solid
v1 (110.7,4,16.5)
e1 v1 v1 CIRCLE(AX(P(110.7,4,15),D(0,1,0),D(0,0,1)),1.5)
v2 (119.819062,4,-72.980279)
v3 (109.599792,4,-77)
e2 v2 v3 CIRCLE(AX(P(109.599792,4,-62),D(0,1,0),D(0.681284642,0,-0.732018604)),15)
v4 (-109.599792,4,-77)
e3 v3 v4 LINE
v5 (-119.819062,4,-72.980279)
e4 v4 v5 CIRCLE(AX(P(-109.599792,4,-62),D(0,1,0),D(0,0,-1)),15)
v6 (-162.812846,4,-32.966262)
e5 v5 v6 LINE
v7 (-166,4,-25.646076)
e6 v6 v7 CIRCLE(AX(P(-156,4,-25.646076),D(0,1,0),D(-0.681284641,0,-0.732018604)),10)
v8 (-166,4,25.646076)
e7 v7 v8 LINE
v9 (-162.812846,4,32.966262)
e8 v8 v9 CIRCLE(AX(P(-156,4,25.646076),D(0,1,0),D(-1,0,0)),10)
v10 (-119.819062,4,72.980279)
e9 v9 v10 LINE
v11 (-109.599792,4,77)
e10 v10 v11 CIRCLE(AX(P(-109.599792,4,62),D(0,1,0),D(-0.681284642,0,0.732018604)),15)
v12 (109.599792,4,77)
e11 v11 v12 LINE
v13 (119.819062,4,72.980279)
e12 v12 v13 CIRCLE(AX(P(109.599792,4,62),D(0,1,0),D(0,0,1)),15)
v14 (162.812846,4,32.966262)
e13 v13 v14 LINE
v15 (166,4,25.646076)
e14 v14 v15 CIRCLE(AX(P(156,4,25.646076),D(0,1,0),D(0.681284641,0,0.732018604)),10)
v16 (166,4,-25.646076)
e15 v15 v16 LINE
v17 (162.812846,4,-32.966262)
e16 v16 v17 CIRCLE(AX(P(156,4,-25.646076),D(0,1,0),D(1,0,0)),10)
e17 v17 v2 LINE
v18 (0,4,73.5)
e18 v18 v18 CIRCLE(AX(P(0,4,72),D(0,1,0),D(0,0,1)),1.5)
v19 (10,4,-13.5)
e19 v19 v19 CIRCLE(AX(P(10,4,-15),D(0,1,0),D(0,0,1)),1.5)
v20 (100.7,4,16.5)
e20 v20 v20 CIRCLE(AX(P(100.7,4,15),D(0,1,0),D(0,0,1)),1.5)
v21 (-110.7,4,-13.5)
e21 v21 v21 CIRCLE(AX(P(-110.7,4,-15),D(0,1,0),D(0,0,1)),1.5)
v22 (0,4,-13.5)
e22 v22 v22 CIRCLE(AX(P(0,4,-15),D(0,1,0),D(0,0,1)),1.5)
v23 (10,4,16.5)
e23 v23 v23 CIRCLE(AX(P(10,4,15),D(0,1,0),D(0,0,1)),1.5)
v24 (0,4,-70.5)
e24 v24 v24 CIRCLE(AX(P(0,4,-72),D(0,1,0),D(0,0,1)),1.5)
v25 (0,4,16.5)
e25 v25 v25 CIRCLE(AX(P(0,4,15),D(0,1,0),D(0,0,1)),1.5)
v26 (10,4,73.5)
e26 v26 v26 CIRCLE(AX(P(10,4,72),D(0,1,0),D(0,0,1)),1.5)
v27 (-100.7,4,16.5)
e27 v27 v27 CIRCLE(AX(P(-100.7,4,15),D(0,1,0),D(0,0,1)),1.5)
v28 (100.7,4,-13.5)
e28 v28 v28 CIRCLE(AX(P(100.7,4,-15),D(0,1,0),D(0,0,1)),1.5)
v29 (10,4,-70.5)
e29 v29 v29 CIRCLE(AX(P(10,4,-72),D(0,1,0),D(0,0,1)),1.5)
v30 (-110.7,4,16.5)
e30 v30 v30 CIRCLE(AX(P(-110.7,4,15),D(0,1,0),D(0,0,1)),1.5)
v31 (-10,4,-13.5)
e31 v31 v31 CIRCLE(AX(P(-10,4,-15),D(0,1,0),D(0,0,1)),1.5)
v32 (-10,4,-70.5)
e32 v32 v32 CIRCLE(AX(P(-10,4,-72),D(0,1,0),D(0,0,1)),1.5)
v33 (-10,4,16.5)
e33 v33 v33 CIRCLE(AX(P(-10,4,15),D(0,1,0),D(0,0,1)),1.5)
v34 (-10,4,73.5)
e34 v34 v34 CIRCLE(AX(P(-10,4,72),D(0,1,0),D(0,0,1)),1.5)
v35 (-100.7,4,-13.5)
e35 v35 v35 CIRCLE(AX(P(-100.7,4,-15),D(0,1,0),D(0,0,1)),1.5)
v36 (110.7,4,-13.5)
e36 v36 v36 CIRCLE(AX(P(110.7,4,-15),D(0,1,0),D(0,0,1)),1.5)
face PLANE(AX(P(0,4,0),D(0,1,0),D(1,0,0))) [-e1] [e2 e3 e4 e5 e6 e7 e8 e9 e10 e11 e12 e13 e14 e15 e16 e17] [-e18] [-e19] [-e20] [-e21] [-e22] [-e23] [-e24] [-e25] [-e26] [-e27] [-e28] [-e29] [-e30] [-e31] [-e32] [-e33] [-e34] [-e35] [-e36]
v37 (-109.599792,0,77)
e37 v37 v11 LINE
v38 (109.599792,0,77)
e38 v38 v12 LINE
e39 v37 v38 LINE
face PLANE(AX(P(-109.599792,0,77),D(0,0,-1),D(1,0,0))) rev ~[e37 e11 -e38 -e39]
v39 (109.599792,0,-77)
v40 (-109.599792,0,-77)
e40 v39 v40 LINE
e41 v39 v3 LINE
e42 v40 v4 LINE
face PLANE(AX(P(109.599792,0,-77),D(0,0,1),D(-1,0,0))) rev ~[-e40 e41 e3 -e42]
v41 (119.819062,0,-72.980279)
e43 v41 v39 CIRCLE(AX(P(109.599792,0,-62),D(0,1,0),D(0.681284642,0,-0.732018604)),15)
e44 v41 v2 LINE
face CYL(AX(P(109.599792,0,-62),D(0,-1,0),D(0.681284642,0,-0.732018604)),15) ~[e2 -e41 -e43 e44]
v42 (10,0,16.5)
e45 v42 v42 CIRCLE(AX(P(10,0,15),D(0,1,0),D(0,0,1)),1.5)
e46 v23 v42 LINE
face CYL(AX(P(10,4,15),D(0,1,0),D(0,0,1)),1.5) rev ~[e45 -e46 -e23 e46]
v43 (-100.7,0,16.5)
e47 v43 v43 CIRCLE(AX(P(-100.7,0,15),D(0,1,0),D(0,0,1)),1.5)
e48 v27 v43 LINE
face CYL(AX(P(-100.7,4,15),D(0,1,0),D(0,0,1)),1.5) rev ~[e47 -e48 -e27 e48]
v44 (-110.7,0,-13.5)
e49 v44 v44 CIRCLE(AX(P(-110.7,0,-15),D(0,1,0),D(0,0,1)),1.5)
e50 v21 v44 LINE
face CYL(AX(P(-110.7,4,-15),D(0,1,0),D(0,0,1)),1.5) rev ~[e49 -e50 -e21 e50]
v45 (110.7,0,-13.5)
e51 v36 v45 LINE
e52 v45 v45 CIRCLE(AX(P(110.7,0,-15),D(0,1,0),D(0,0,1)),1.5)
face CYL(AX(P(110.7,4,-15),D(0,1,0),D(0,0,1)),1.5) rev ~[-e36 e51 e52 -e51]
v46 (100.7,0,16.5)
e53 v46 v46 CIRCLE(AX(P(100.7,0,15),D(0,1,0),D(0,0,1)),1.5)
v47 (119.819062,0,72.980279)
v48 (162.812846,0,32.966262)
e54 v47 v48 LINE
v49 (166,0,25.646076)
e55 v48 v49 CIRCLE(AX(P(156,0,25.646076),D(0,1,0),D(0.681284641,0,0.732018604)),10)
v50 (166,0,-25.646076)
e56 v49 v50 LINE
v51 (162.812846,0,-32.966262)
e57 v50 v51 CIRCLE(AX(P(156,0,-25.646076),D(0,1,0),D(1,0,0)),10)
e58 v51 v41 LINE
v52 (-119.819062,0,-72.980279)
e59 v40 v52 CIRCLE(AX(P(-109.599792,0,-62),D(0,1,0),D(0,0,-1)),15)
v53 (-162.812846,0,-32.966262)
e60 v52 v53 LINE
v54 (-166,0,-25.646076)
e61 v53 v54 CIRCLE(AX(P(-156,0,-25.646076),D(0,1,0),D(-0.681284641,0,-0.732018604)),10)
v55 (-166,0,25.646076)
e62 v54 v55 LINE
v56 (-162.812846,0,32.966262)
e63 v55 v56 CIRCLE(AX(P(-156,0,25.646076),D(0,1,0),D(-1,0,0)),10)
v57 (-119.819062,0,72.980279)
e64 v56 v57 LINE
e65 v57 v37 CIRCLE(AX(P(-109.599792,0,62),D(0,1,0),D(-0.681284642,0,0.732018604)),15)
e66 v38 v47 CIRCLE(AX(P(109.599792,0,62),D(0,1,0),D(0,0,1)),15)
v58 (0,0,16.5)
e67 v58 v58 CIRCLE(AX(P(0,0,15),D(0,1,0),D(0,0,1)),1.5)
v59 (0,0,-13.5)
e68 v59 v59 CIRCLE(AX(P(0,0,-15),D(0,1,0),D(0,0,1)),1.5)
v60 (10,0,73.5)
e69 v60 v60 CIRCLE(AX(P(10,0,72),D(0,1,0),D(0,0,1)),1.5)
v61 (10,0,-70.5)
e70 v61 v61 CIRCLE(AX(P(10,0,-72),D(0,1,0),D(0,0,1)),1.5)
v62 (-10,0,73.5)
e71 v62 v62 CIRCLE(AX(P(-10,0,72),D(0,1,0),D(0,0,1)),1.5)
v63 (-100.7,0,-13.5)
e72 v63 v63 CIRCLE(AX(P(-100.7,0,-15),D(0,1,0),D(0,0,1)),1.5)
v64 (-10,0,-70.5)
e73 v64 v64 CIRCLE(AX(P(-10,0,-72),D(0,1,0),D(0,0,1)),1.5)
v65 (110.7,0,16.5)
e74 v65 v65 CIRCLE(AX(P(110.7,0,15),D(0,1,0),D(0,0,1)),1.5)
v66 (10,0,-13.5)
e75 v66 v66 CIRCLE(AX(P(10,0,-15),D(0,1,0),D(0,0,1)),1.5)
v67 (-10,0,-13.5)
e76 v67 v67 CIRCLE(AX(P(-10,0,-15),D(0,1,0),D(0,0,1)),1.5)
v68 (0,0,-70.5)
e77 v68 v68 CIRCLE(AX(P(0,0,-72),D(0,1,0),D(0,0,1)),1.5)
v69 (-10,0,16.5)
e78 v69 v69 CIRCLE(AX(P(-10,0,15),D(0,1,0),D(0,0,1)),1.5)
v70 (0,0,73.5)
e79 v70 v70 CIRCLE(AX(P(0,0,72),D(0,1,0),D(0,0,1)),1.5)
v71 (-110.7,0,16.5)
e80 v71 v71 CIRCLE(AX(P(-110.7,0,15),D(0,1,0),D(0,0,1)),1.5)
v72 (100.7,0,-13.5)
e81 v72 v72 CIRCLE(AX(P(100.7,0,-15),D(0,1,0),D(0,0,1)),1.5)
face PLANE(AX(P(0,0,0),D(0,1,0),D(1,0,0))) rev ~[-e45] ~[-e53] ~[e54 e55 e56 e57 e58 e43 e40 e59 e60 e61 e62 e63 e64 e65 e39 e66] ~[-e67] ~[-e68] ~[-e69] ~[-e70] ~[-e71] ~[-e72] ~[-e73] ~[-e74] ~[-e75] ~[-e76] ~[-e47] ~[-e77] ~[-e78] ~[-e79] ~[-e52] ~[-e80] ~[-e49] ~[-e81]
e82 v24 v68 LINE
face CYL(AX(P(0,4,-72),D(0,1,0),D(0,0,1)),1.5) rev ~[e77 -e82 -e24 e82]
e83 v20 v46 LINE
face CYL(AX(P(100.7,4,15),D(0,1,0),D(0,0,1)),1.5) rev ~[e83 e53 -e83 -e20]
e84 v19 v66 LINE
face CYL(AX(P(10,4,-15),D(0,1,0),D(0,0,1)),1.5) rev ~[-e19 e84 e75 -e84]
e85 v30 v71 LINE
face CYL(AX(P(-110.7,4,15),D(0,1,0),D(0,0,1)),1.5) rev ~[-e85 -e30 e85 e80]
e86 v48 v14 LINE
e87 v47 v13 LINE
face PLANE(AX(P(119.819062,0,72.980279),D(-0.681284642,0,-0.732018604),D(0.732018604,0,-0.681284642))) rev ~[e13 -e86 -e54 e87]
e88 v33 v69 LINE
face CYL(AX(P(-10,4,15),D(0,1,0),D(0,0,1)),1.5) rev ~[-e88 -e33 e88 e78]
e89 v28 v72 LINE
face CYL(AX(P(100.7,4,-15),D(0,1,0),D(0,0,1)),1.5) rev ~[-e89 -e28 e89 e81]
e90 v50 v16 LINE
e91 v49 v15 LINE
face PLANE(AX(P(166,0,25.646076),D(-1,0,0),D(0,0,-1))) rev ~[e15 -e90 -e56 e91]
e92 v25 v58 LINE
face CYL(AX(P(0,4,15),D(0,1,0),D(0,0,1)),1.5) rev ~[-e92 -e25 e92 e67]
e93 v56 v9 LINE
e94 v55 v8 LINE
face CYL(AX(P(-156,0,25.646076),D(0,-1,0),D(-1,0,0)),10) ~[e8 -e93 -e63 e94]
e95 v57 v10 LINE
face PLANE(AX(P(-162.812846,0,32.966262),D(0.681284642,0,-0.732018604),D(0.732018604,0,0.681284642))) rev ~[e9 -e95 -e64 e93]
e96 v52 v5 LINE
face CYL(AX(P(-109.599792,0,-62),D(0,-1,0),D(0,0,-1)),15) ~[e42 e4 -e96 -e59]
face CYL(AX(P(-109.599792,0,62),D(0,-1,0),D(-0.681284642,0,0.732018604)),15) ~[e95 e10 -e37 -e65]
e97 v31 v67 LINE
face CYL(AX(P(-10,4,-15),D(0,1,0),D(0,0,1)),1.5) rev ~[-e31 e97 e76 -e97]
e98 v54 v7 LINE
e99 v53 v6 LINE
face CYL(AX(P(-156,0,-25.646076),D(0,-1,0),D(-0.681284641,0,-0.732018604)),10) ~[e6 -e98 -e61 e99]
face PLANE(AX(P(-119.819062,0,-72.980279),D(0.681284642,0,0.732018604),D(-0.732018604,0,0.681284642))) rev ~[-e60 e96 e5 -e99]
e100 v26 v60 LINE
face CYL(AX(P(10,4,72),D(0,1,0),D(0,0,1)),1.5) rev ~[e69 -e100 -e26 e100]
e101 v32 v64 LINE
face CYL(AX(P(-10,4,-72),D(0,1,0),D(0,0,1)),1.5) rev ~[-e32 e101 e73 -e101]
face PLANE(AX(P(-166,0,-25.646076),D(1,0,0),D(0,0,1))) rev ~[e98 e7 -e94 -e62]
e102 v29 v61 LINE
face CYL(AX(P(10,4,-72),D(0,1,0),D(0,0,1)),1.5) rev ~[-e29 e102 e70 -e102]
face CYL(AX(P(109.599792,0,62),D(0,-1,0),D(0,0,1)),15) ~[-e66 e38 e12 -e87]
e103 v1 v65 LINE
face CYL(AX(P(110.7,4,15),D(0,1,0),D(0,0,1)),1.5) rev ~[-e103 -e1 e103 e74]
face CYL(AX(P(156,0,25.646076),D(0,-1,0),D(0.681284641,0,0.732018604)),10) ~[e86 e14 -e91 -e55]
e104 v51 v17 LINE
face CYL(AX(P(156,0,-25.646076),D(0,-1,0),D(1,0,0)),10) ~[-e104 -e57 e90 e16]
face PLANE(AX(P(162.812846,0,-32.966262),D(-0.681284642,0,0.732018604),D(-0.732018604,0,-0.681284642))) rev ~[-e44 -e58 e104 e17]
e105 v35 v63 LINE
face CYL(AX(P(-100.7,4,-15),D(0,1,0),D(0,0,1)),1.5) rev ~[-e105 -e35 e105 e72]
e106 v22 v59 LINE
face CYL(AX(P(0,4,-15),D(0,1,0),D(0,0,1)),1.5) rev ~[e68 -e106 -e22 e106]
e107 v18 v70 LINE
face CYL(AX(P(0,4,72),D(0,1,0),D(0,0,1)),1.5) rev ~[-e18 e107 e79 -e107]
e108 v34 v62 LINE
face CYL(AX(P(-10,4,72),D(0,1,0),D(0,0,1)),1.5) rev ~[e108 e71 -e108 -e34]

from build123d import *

# Parameters (mm, degrees)
EXTRUDE_1_DEPTH     = 4
SKETCH_3_R          = 1.5
CUT_EXTRUDE_1_DEPTH = 184.032783949


with BuildPart() as part:
    # 草图1 → 凸台-拉伸1 (new body)
    with BuildSketch(Plane(origin=(0, 0, 0), x_dir=(1, 0, 0), z_dir=(0, 1, 0))):
        with BuildLine():
            Line((-119.819061856, 72.980279065), (-162.812846416, 32.966261751))
            ThreePointArc((-162.812846416, 32.966261751), (-165.168654868, 29.638038623), (-166, 25.646075708))
            Line((-166, 25.646075708), (-166, -25.646075708))
            ThreePointArc((-166, -25.646075708), (-165.168654868, -29.638038623), (-162.812846416, -32.966261751))
            Line((-162.812846416, -32.966261751), (-119.819061856, -72.980279065))
            ThreePointArc((-119.819061856, -72.980279065), (-115.090503207, -75.958943119), (-109.599792231, -77))
            Line((-109.599792231, -77), (109.599792231, -77))
            ThreePointArc((109.599792231, -77), (115.090503207, -75.958943119), (119.819061856, -72.980279065))
            Line((119.819061856, -72.980279065), (162.812846416, -32.966261751))
            ThreePointArc((162.812846416, -32.966261751), (165.168654868, -29.638038623), (166, -25.646075708))
            Line((166, -25.646075708), (166, 25.646075708))
            ThreePointArc((166, 25.646075708), (165.168654868, 29.638038623), (162.812846416, 32.966261751))
            Line((162.812846416, 32.966261751), (119.819061856, 72.980279065))
            ThreePointArc((119.819061856, 72.980279065), (115.090503207, 75.958943119), (109.599792231, 77))
            Line((109.599792231, 77), (-109.599792231, 77))
            ThreePointArc((-109.599792231, 77), (-115.090503207, 75.958943119), (-119.819061856, 72.980279065))
        make_face()
    extrude(amount=EXTRUDE_1_DEPTH)

    # 草图3 → 切除-拉伸1 (cut, through all)
    with BuildSketch(Plane(origin=(0, 4, 0), x_dir=(1, 0, 0), z_dir=(0, 1, 0))):
        with Locations(Location((10, -72, 0), (0, 0, 270))):
            Circle(SKETCH_3_R)
        with Locations(Location((0, -72, 0), (0, 0, 270))):
            Circle(SKETCH_3_R)
        with Locations(Location((-10, -72, 0), (0, 0, 270))):
            Circle(SKETCH_3_R)
        with Locations(Location((10, -15, 0), (0, 0, 270))):
            Circle(SKETCH_3_R)
        with Locations(Location((0, -15, 0), (0, 0, 270))):
            Circle(SKETCH_3_R)
        with Locations(Location((-10, -15, 0), (0, 0, 270))):
            Circle(SKETCH_3_R)
        with Locations(Location((10, 15, 0), (0, 0, 270))):
            Circle(SKETCH_3_R)
        with Locations(Location((0, 15, 0), (0, 0, 270))):
            Circle(SKETCH_3_R)
        with Locations(Location((-10, 15, 0), (0, 0, 270))):
            Circle(SKETCH_3_R)
        with Locations(Location((10, 72, 0), (0, 0, 270))):
            Circle(SKETCH_3_R)
        with Locations(Location((0, 72, 0), (0, 0, 270))):
            Circle(SKETCH_3_R)
        with Locations(Location((-10, 72, 0), (0, 0, 270))):
            Circle(SKETCH_3_R)
        with Locations(Location((-100.7, 15, 0), (0, 0, 270))):
            Circle(SKETCH_3_R)
        with Locations(Location((-110.7, 15, 0), (0, 0, 270))):
            Circle(SKETCH_3_R)
        with Locations(Location((-100.7, -15, 0), (0, 0, 270))):
            Circle(SKETCH_3_R)
        with Locations(Location((-110.7, -15, 0), (0, 0, 270))):
            Circle(SKETCH_3_R)
        with Locations(Location((100.7, 15, 0), (0, 0, 270))):
            Circle(SKETCH_3_R)
        with Locations(Location((110.7, 15, 0), (0, 0, 270))):
            Circle(SKETCH_3_R)
        with Locations(Location((100.7, -15, 0), (0, 0, 270))):
            Circle(SKETCH_3_R)
        with Locations(Location((110.7, -15, 0), (0, 0, 270))):
            Circle(SKETCH_3_R)
    extrude(amount=-CUT_EXTRUDE_1_DEPTH, mode=Mode.SUBTRACT)


solid = part.part
